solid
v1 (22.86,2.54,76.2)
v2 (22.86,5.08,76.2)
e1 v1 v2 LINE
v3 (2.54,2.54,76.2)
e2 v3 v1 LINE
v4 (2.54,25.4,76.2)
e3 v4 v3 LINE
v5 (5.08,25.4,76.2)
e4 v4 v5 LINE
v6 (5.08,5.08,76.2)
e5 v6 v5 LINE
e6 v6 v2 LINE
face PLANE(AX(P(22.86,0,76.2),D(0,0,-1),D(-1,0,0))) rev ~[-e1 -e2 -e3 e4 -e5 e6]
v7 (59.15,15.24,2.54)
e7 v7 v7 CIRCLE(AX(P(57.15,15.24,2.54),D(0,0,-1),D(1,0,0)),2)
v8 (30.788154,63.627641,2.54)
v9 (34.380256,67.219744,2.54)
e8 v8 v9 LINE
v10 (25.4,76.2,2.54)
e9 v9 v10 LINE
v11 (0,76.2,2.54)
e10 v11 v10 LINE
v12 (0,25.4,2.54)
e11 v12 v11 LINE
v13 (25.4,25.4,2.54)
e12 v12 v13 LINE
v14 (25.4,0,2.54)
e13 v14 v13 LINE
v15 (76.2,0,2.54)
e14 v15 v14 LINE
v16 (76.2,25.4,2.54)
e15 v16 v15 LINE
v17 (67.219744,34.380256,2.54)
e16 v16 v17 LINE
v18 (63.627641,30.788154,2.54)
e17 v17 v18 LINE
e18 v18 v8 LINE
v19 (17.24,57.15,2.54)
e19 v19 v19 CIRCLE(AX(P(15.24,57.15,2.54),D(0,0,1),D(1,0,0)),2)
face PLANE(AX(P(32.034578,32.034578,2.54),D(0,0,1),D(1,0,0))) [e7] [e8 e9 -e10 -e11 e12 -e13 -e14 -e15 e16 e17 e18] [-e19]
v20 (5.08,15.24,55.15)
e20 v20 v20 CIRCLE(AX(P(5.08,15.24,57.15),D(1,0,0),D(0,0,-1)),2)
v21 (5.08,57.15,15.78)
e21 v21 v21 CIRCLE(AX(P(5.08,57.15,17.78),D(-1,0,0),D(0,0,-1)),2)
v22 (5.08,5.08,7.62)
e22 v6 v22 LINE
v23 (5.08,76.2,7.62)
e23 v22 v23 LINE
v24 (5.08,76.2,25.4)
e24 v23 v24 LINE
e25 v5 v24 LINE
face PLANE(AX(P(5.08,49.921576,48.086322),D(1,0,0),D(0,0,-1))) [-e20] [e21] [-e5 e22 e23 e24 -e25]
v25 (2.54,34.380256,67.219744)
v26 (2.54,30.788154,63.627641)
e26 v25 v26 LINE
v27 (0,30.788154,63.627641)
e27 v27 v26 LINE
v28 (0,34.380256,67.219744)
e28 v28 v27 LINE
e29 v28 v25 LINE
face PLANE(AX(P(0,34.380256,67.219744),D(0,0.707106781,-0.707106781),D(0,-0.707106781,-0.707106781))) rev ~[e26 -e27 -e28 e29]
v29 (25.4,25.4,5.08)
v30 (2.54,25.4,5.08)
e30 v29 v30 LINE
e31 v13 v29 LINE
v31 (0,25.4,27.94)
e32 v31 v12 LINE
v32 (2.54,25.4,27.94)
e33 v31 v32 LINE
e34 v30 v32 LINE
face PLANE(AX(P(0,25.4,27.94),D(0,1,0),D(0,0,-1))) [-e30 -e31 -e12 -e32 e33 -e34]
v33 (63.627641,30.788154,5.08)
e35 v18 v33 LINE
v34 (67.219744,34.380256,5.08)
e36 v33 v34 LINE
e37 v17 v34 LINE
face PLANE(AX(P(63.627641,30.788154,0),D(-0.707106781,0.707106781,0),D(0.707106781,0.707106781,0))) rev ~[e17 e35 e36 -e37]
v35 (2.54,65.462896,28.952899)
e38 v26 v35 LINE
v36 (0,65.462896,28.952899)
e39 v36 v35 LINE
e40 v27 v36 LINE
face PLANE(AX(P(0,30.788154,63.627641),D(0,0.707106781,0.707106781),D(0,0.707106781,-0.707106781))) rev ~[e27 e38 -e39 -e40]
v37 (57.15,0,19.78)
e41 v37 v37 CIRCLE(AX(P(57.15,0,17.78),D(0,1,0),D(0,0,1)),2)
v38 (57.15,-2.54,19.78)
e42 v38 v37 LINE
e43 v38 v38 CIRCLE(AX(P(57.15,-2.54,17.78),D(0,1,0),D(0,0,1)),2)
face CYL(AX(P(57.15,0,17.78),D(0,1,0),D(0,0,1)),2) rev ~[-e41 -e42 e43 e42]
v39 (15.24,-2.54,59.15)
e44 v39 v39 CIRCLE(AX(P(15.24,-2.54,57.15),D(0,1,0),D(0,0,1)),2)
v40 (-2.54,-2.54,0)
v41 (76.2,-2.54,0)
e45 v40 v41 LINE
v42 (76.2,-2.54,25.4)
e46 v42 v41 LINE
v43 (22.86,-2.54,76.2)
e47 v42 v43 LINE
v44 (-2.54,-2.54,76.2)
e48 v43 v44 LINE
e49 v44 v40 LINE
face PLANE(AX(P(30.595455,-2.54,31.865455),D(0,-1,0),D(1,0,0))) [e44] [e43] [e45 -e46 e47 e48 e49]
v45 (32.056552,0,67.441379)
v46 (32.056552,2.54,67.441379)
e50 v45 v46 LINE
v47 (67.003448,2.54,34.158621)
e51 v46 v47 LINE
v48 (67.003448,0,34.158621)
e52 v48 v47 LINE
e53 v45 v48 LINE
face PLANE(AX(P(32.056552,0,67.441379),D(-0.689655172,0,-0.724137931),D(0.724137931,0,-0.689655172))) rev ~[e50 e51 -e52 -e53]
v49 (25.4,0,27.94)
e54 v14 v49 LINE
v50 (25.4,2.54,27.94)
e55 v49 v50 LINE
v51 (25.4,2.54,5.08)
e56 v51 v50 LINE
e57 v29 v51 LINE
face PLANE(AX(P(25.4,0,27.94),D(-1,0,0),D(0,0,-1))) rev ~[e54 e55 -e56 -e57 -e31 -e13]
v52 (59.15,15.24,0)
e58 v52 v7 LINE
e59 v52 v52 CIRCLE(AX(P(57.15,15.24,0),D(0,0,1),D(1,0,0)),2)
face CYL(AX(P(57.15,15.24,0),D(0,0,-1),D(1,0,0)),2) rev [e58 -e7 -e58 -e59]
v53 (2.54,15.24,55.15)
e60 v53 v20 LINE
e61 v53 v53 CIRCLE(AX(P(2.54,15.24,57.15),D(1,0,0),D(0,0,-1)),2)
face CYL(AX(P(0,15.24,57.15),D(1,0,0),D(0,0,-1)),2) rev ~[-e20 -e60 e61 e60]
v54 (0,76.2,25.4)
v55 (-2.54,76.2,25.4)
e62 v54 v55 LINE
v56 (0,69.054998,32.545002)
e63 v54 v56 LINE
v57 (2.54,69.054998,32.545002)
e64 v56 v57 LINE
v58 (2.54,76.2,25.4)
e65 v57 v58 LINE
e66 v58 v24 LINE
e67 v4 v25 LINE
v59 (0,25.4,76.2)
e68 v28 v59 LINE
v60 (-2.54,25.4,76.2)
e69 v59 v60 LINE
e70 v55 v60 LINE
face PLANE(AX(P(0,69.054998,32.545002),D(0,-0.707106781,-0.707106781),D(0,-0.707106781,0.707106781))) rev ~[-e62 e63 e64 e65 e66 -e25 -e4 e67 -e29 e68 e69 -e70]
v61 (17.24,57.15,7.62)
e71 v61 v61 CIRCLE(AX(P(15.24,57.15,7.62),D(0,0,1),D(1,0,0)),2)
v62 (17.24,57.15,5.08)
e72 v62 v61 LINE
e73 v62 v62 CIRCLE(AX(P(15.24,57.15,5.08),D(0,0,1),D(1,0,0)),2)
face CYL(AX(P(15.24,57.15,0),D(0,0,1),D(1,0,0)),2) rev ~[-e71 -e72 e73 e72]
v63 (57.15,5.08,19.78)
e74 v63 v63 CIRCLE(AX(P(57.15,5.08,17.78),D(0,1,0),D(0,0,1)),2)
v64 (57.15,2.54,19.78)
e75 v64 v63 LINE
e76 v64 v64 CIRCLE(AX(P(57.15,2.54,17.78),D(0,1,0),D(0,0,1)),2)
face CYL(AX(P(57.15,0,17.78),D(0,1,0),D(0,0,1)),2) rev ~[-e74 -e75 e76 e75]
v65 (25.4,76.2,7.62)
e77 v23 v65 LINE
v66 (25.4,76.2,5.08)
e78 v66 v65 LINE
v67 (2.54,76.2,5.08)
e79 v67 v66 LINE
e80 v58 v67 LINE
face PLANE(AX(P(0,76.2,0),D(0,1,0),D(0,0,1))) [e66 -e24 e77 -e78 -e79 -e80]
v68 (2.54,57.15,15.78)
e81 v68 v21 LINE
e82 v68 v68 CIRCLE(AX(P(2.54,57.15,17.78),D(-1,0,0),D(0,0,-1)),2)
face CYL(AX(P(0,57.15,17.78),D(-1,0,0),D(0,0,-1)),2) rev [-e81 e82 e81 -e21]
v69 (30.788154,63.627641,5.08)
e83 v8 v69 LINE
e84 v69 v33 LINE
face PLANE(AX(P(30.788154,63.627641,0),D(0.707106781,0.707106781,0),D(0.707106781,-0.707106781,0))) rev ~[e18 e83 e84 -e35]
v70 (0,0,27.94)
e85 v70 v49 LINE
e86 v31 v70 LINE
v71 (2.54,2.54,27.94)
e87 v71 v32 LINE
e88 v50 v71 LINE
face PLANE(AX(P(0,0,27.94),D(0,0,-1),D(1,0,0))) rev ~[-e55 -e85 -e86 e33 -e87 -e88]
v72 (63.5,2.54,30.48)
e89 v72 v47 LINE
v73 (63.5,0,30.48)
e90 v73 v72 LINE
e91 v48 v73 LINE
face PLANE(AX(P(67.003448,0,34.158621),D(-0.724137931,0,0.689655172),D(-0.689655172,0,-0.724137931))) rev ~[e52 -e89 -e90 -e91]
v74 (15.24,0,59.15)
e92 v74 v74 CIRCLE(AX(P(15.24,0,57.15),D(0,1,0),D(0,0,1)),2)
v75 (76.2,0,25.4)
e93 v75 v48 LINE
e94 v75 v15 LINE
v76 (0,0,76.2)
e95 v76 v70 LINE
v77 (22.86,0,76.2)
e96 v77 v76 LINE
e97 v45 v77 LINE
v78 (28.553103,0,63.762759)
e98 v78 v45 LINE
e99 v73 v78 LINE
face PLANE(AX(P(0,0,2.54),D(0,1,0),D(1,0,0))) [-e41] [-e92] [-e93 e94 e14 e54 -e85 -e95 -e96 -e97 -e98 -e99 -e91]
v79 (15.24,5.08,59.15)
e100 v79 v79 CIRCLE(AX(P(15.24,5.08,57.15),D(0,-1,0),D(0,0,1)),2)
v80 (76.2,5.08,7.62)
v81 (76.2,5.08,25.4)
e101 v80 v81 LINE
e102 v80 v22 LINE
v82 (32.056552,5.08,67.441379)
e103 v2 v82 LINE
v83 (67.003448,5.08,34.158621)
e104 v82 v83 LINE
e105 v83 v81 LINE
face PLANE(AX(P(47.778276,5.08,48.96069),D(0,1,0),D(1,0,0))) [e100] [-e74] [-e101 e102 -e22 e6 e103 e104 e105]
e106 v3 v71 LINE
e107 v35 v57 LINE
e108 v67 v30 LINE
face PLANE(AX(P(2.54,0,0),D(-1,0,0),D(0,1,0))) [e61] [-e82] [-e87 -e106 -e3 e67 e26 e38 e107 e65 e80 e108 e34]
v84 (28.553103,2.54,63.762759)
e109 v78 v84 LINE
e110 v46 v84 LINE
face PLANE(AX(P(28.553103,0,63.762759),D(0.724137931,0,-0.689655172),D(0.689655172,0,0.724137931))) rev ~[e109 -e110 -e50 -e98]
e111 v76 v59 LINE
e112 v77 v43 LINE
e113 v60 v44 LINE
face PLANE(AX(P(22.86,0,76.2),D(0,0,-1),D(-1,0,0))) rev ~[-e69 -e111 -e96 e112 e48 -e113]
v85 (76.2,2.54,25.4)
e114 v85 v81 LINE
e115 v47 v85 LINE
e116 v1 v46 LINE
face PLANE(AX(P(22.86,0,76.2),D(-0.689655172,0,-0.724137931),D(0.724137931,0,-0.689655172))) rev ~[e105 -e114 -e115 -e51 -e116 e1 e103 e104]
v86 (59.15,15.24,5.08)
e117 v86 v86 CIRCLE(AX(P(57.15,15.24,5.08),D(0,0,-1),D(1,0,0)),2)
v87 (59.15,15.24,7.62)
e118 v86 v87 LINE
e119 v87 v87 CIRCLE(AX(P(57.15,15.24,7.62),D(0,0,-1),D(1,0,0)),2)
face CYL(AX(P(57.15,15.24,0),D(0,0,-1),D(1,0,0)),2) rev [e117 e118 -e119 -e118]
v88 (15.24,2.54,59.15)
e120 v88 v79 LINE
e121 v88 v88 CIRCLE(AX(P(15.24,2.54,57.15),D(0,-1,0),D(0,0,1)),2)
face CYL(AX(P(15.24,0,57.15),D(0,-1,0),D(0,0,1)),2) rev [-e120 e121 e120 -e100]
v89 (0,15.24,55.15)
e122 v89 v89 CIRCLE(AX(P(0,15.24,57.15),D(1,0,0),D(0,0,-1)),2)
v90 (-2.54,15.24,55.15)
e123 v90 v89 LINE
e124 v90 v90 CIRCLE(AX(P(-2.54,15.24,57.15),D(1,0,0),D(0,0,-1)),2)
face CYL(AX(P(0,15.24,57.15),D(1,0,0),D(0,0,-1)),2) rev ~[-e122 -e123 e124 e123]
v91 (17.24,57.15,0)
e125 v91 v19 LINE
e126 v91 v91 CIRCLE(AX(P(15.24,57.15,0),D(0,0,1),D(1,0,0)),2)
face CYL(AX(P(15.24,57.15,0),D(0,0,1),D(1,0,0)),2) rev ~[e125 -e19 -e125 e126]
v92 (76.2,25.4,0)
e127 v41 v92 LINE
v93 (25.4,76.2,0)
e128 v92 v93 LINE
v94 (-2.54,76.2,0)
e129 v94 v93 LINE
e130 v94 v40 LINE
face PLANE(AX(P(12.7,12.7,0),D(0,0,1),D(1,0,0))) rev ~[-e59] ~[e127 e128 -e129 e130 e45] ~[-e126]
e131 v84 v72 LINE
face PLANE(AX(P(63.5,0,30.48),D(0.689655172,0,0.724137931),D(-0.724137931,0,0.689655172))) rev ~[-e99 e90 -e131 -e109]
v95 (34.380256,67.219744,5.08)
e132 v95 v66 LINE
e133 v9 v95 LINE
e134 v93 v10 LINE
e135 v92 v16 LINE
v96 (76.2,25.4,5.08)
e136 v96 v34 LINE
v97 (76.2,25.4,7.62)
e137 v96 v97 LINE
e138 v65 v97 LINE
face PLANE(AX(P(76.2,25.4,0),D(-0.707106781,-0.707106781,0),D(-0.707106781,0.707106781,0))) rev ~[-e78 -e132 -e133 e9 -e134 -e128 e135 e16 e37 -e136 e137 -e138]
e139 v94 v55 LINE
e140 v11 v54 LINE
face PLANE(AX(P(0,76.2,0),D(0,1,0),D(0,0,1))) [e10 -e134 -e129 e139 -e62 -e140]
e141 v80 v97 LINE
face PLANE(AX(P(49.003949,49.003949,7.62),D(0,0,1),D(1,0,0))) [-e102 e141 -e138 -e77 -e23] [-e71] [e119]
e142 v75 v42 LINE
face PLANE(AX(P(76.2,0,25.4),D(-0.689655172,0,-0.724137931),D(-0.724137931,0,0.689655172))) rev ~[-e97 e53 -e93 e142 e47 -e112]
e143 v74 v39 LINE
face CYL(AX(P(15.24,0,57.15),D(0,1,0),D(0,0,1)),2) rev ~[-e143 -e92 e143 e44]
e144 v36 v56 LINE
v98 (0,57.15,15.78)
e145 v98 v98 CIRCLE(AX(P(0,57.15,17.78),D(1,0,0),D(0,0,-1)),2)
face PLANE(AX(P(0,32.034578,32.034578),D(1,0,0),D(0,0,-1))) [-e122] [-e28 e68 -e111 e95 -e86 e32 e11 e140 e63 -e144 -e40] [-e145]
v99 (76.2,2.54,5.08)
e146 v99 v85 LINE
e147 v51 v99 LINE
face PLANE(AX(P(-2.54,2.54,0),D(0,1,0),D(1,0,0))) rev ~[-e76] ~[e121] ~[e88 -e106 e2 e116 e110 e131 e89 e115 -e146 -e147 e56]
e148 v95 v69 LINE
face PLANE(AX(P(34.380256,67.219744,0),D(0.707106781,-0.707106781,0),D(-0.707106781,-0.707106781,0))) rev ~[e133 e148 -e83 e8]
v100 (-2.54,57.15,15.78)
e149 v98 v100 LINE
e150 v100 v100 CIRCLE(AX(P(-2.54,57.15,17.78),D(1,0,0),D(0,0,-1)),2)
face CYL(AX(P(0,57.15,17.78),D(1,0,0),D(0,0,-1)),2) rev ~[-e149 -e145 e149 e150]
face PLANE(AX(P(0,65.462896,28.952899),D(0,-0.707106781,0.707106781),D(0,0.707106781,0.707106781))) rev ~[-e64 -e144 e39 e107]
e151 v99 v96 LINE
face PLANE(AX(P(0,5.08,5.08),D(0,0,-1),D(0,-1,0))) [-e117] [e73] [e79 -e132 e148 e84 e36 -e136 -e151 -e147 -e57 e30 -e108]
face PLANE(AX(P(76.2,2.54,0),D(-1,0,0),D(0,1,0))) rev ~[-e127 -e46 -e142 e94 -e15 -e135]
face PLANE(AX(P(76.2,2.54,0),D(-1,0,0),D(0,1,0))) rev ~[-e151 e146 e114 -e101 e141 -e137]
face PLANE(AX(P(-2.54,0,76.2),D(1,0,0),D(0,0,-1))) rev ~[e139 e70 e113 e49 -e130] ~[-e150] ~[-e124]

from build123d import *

# Parameters (mm, degrees)
BOSS_EXTRUDE1_DEPTH  = 2.54
BOSS_EXTRUDE2_DEPTH  = 2.54
BOSS_EXTRUDE3_DEPTH  = 2.54
SKETCH6_W            = 2.54
SKETCH6_H            = 76.2
BOSS_EXTRUDE4_DEPTH  = 76.2
CUT_EXTRUDE1_REACH   = 133.982
SKETCH8_W            = 2.54
SKETCH8_H            = 78.74
BOSS_EXTRUDE5_DEPTH  = 76.2
CUT_EXTRUDE2_REACH   = 133.982
SKETCH10_W           = 78.74
SKETCH10_H           = 2.54
BOSS_EXTRUDE6_DEPTH  = 76.2
CUT_EXTRUDE3_REACH   = 133.982
CUT_EXTRUDE5_DEPTH   = 132.982271537
CUT_EXTRUDE6_DEPTH   = 132.982271537
CUT_EXTRUDE9_DEPTH   = 76.2
BOSS_EXTRUDE7_DEPTH  = 7.62
BOSS_EXTRUDE8_DEPTH  = 5.08
BOSS_EXTRUDE9_DEPTH  = 5.08
SKETCH34_R           = 2
CUT_EXTRUDE11_DEPTH  = 12.7
SKETCH35_R           = 2
CUT_EXTRUDE13_DEPTH  = 12.7
SKETCH36_R           = 2
CUT_EXTRUDE14_DEPTH  = 12.7
BOSS_EXTRUDE10_REACH = 133.982
SKETCH37_W           = 25.4
SKETCH37_H           = 25.4
BOSS_EXTRUDE11_REACH = 133.982
SKETCH38_W           = 25.4
SKETCH38_H           = 25.4
SKETCH39_W           = 25.4
SKETCH39_H           = 25.4
BOSS_EXTRUDE12_DEPTH = 5.08


with BuildPart() as part:
    # Sketch1 → Boss-Extrude1 (new body)
    with BuildSketch(Plane.XY):
        Polygon((0, 76.2), (0, 0), (76.2, 0), (76.2, 25.4), (25.4, 76.2), align=None)
    extrude(amount=BOSS_EXTRUDE1_DEPTH)

    # Sketch3 → Boss-Extrude2 (add)
    with BuildSketch(Plane.ZY):
        Polygon((0, 76.2), (25.4, 76.2), (76.2, 25.4), (76.2, 0), (0, 0), align=None)
    extrude(amount=BOSS_EXTRUDE2_DEPTH)

    # Sketch5 → Boss-Extrude3 (add)
    with BuildSketch(Plane.XZ):
        Polygon((-2.54, 76.2), (-2.54, 0), (76.2, 0), (76.2, 25.4), (22.86, 76.2), align=None)
    extrude(amount=BOSS_EXTRUDE3_DEPTH)

    # Sketch6 → Boss-Extrude4 (add)
    with BuildSketch(Plane.XY):
        with Locations((3.81, 38.1)):
            Rectangle(SKETCH6_W, SKETCH6_H)
    extrude(amount=BOSS_EXTRUDE4_DEPTH)

    # Sketch7 → Cut-Extrude1 (cut, up to next)
    with BuildSketch(Plane(origin=(0, 0, 0), x_dir=(0, 0, -1), z_dir=(1, 0, 0)), mode=Mode.PRIVATE) as cut_extrude1_sk1:
        Polygon((-25.4, 76.2), (-76.2, 25.4), (-76.2, 76.2), align=None)
    cut_extrude1_tool1 = extrude(cut_extrude1_sk1.sketch, amount=CUT_EXTRUDE1_REACH, mode=Mode.PRIVATE) & part.part
    add(cut_extrude1_tool1.solids().sort_by_distance((0, 59.266667, 59.266667))[0], mode=Mode.SUBTRACT)

    # Sketch8 → Boss-Extrude5 (add)
    with BuildSketch(Plane(origin=(0, 0, 0), x_dir=(0, 0, -1), z_dir=(1, 0, 0))):
        with Locations((-6.35, 36.83)):
            Rectangle(SKETCH8_W, SKETCH8_H)
    extrude(amount=BOSS_EXTRUDE5_DEPTH)

    # Sketch9 → Cut-Extrude2 (cut, up to next)
    with BuildSketch(Plane.XY, mode=Mode.PRIVATE) as cut_extrude2_sk1:
        Polygon((76.2, 25.4), (25.4, 76.2), (76.2, 76.2), align=None)
    cut_extrude2_tool1 = extrude(cut_extrude2_sk1.sketch, amount=CUT_EXTRUDE2_REACH, mode=Mode.PRIVATE) & part.part
    add(cut_extrude2_tool1.solids().sort_by_distance((59.266667, 59.266667, 0))[0], mode=Mode.SUBTRACT)

    # Sketch10 → Boss-Extrude6 (add)
    with BuildSketch(Plane.XY):
        with Locations((36.83, 3.81)):
            Rectangle(SKETCH10_W, SKETCH10_H)
    extrude(amount=BOSS_EXTRUDE6_DEPTH)

    # Sketch11 → Cut-Extrude3 (cut, up to next)
    with BuildSketch(Plane(origin=(0, 0, 0), x_dir=(1, 0, 0), z_dir=(0, 1, 0)), mode=Mode.PRIVATE) as cut_extrude3_sk1:
        Polygon((22.86, -76.2), (76.2, -25.4), (76.2, -76.2), align=None)
    cut_extrude3_tool1 = extrude(cut_extrude3_sk1.sketch, amount=CUT_EXTRUDE3_REACH, mode=Mode.PRIVATE) & part.part
    add(cut_extrude3_tool1.solids().sort_by_distance((58.42, 0, 59.266667))[0], mode=Mode.SUBTRACT)

    # Sketch12 → Cut-Extrude5 (cut, through all)
    with BuildSketch(Plane(origin=(0, 0, 0), x_dir=(0, 0, -1), z_dir=(1, 0, 0))):
        Polygon((-5.08, 5.08), (-5.08, 2.54), (-7.62, 2.54), (-7.62, 0), (-2.54, 0), (-2.54, 5.08), align=None)
    extrude(amount=CUT_EXTRUDE5_DEPTH, mode=Mode.SUBTRACT)

    # Sketch13 → Cut-Extrude6 (cut, through all)
    with BuildSketch(Plane(origin=(0, 0, 0), x_dir=(1, 0, 0), z_dir=(0, 1, 0))):
        Polygon((0, -2.54), (0, -7.62), (2.54, -7.62), (2.54, -5.08), (5.08, -5.08), (5.08, -2.54), align=None)
    extrude(amount=CUT_EXTRUDE6_DEPTH, mode=Mode.SUBTRACT)

    # Sketch15 → Cut-Extrude9 (cut)
    with BuildSketch(Plane.XY.offset(2.54)):
        Polygon((2.54, 5.08), (0, 5.08), (0, 0), (5.08, 0), (5.08, 2.54), (2.54, 2.54), align=None)
    extrude(amount=CUT_EXTRUDE9_DEPTH, mode=Mode.SUBTRACT)


with BuildPart() as cut_extrude9_piece_1:
    # of the separate pieces the step leaves, piece 1, a body of its own (cut_extrude9_pieces)
    add(part.part.solids().sort_by_distance((0, 0, 2.54))[0])



with BuildPart() as cut_extrude9_piece_2:
    # of the separate pieces the step leaves, piece 2, a body of its own (cut_extrude9_pieces)
    add(part.part.solids().sort_by_distance((2.54, 2.54, 76.2))[0])


with BuildPart() as cut_extrude9_piece_1_1:
    add(cut_extrude9_piece_1.part)

    add(cut_extrude9_piece_2.part)  # Boss-Extrude7 merges Cut-Extrude9 piece 2
    # Sketch17 → Boss-Extrude7 (add)
    with BuildSketch(Plane(origin=(0, 0, 0), x_dir=(-1, 0, 0), z_dir=(0, 0, -1))):
        Polygon((-67.219743879, 34.380256121), (-34.380256121, 67.219743879), (-30.788153673, 63.627641431), (-63.627641431, 30.788153673), align=None)
    extrude(amount=-BOSS_EXTRUDE7_DEPTH)

    # Sketch18 → Boss-Extrude8 (add)
    with BuildSketch(Plane(origin=(0, 0, 0), x_dir=(1, 0, 0), z_dir=(0, 1, 0))):
        Polygon((32.056551724, -67.44137931), (67.003448276, -34.15862069), (63.5, -30.48), (28.553103448, -63.762758621), align=None)
    extrude(amount=BOSS_EXTRUDE8_DEPTH)

    # Sketch19 → Boss-Extrude9 (add)
    with BuildSketch(Plane(origin=(0, 0, 0), x_dir=(0, 0, -1), z_dir=(1, 0, 0))):
        Polygon((-32.545001849, 69.054998151), (-67.219743879, 34.380256121), (-63.627641431, 30.788153673), (-28.9528994, 65.462895703), align=None)
    extrude(amount=BOSS_EXTRUDE9_DEPTH)

    # Sketch34 → Cut-Extrude11 (cut, symmetric)
    with BuildSketch(Plane(origin=(0, 0, 0), x_dir=(0, 0, -1), z_dir=(1, 0, 0))):
        with Locations((-17.78, 57.15)):
            Circle(SKETCH34_R)
        with Locations((-57.15, 15.24)):
            Circle(SKETCH34_R)
    extrude(amount=CUT_EXTRUDE11_DEPTH, both=True, mode=Mode.SUBTRACT)

    # Sketch35 → Cut-Extrude13 (cut, symmetric)
    with BuildSketch(Plane(origin=(0, 0, 0), x_dir=(1, 0, 0), z_dir=(0, 1, 0))):
        with Locations(Location((15.24, -57.15, 0), (0, 0, 270))):
            Circle(SKETCH35_R)
        with Locations(Location((57.15, -17.78, 0), (0, 0, 270))):
            Circle(SKETCH35_R)
    extrude(amount=CUT_EXTRUDE13_DEPTH, both=True, mode=Mode.SUBTRACT)

    # Sketch36 → Cut-Extrude14 (cut, symmetric)
    with BuildSketch(Plane.XY):
        with Locations((57.15, 15.24)):
            Circle(SKETCH36_R)
        with Locations((15.24, 57.15)):
            Circle(SKETCH36_R)
    extrude(amount=CUT_EXTRUDE14_DEPTH, both=True, mode=Mode.SUBTRACT)

    # Boss-Extrude10: up to this face of the body (flat: up to its plane)
    boss_extrude10_end = Plane(cut_extrude9_piece_1_1.part.faces().sort_by_distance((34.248017182, 34.248017182, 7.62))[0])
    # Sketch37 → Boss-Extrude10 (add, up to the picked face)
    with BuildSketch(Plane.XY, mode=Mode.PRIVATE) as boss_extrude10_sk1:
        with Locations((12.7, 12.7)):
            Rectangle(SKETCH37_W, SKETCH37_H)
    boss_extrude10_tool1 = split(extrude(boss_extrude10_sk1.sketch, amount=BOSS_EXTRUDE10_REACH, mode=Mode.PRIVATE), bisect_by=boss_extrude10_end, keep=Keep.BOTH, mode=Mode.PRIVATE)
    add(boss_extrude10_tool1.solids().sort_by(Axis((12.7, 12.7, 0), (0, 0, 1)))[0])

    # Boss-Extrude11: up to this face of the body (flat: up to its plane)
    boss_extrude11_end = Plane(cut_extrude9_piece_1_1.part.faces().sort_by_distance((33.784338957, 5.08, 35.218329504))[0])
    # Sketch38 → Boss-Extrude11 (add, up to the picked face)
    with BuildSketch(Plane(origin=(0, 0, 0), x_dir=(1, 0, 0), z_dir=(0, 1, 0)), mode=Mode.PRIVATE) as boss_extrude11_sk1:
        with Locations((12.7, -15.24)):
            Rectangle(SKETCH38_W, SKETCH38_H)
    boss_extrude11_tool1 = split(extrude(boss_extrude11_sk1.sketch, amount=BOSS_EXTRUDE11_REACH, mode=Mode.PRIVATE), bisect_by=boss_extrude11_end, keep=Keep.BOTH, mode=Mode.PRIVATE)
    add(boss_extrude11_tool1.solids().sort_by(Axis((12.7, 0, 15.24), (0, 1, 0)))[0])

    # Sketch39 → Boss-Extrude12 (add)
    with BuildSketch(Plane(origin=(0, 0, 0), x_dir=(0, 0, -1), z_dir=(1, 0, 0))):
        with Locations((-15.24, 12.7)):
            Rectangle(SKETCH39_W, SKETCH39_H)
    extrude(amount=BOSS_EXTRUDE12_DEPTH)


solid = cut_extrude9_piece_1_1.part
